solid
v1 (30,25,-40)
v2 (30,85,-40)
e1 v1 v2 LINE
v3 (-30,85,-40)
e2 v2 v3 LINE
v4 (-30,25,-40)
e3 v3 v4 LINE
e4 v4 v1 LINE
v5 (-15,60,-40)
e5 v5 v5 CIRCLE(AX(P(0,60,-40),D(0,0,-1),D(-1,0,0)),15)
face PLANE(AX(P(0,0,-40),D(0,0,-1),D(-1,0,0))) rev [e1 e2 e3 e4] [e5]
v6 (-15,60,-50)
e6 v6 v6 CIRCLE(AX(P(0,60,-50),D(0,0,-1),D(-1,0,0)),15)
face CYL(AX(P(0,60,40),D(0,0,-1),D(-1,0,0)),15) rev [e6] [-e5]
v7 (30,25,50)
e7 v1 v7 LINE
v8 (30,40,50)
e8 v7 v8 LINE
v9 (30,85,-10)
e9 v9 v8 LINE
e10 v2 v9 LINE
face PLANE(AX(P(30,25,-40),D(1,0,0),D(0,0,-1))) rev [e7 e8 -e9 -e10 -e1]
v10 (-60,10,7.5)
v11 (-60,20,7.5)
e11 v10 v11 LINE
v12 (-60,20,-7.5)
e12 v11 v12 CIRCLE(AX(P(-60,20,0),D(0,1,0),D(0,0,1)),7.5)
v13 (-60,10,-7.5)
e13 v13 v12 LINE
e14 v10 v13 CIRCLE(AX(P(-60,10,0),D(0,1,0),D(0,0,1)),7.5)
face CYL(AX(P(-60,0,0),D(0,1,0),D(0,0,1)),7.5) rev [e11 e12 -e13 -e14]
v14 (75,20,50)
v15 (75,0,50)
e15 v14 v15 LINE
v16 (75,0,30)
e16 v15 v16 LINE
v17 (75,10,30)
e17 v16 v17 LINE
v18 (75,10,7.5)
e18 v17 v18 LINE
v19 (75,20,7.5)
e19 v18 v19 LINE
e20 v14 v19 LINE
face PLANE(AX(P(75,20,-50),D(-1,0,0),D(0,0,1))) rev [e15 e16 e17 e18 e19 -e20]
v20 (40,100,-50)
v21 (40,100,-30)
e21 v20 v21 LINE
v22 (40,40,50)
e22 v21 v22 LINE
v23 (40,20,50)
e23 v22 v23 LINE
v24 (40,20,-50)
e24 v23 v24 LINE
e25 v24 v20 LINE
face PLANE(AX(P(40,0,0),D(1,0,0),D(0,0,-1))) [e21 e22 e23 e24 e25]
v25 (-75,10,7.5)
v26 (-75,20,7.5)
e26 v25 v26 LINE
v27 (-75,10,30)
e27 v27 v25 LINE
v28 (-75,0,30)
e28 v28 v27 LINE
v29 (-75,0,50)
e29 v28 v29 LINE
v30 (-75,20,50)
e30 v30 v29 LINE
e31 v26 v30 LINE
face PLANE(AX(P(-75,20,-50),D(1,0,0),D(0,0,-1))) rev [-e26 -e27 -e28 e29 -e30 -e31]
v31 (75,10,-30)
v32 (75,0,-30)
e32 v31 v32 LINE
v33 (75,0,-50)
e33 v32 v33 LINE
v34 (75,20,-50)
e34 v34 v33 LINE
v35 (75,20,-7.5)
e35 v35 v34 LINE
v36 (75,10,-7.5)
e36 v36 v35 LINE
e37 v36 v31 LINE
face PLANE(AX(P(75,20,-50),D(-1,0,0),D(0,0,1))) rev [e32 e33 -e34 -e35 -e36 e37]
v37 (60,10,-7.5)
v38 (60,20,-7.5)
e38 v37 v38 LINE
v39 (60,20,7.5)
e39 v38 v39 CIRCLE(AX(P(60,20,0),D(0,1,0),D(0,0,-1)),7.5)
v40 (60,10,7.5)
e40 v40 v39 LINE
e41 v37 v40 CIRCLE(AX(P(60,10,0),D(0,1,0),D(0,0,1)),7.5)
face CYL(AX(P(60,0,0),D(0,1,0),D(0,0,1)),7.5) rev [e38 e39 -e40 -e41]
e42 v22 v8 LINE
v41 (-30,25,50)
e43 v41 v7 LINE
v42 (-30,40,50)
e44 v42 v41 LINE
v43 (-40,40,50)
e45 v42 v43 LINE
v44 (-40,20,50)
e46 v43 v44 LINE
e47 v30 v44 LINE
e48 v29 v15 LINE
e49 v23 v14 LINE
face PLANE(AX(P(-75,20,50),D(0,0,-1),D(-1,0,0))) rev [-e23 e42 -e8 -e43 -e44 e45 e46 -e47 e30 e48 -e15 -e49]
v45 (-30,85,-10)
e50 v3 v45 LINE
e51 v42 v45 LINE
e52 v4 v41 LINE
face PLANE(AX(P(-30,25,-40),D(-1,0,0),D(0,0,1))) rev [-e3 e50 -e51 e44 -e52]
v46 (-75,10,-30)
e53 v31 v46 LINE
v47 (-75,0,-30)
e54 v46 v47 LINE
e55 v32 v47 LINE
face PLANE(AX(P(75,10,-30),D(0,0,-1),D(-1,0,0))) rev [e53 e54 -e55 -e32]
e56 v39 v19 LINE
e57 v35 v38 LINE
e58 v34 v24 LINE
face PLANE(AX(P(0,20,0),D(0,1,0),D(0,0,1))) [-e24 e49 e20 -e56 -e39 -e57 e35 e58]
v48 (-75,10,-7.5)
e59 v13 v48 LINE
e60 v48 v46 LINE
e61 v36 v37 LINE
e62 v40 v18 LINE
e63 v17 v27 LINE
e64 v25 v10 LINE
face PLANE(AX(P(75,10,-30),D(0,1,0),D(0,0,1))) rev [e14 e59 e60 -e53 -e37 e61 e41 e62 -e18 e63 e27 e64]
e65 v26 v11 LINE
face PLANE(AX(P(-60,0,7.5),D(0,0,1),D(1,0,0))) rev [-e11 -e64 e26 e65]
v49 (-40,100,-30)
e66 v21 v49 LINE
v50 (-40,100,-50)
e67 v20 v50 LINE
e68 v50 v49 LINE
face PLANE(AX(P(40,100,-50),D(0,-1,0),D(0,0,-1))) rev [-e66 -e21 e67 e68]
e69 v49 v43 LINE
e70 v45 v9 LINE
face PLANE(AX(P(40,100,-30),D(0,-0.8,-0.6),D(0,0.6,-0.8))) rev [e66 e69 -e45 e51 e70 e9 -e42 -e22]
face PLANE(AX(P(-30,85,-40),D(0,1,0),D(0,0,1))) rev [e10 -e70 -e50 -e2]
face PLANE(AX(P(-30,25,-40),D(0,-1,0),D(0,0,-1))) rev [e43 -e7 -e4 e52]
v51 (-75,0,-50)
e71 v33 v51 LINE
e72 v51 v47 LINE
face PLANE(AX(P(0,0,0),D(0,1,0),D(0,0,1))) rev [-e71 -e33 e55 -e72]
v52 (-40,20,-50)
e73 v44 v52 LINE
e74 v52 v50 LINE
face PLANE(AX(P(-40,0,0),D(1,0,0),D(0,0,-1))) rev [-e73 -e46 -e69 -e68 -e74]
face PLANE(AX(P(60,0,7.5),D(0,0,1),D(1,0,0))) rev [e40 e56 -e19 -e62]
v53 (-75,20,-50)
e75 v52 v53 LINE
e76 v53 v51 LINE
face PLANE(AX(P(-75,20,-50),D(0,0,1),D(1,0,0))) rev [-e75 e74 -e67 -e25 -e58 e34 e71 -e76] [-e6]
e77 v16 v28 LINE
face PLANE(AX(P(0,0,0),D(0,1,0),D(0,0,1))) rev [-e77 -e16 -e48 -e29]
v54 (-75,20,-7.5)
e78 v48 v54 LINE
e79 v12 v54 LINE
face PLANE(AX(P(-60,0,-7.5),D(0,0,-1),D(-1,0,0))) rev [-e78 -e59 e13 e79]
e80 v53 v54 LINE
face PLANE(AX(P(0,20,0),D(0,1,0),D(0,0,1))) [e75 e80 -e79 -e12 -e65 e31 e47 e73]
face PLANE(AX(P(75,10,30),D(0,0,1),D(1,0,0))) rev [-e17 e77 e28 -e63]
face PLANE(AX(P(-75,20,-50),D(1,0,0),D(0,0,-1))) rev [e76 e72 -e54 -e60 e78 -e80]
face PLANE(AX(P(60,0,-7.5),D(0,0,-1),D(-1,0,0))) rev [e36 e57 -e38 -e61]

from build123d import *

# Parameters (mm, degrees)
SKETCH1_W           = 150
SKETCH1_H           = 100
BOSS_EXTRUDE1_DEPTH = 20
SKETCH2_W           = 60
SKETCH2_H           = 10
CUT_EXTRUDE1_DEPTH  = 151
CUT_EXTRUDE2_DEPTH  = 20
BOSS_EXTRUDE3_DEPTH = 40
SKETCH10_W          = 60
SKETCH10_H          = 60
CUT_EXTRUDE3_DEPTH  = 90
SKETCH11_R          = 15
CUT_EXTRUDE4_DEPTH  = 90


with BuildPart() as part:
    # Sketch1 → Boss-Extrude1 (new body)
    with BuildSketch(Plane(origin=(0, 0, 0), x_dir=(1, 0, 0), z_dir=(0, 1, 0))):
        Rectangle(SKETCH1_W, SKETCH1_H)
    extrude(amount=BOSS_EXTRUDE1_DEPTH)

    # Sketch2 → Cut-Extrude1 (cut, through all)
    with BuildSketch(Plane.ZY.offset(75)):
        with Locations((0, 5)):
            Rectangle(SKETCH2_W, SKETCH2_H)
    extrude(amount=-CUT_EXTRUDE1_DEPTH, mode=Mode.SUBTRACT)

    # Sketch3 → Cut-Extrude2 (cut)
    with BuildSketch(Plane(origin=(0, 20, 0), x_dir=(1, 0, 0), z_dir=(0, 1, 0))):
        with BuildLine():
            Line((-75, 7.5), (-75, -7.5))
            Line((-75, -7.5), (-60, -7.5))
            ThreePointArc((-60, -7.5), (-52.5, 0), (-60, 7.5))
            Line((-60, 7.5), (-75, 7.5))
        make_face()
        with BuildLine():
            Line((75, 7.5), (75, -7.5))
            Line((75, -7.5), (60, -7.5))
            ThreePointArc((60, -7.5), (52.5, 0), (60, 7.5))
            Line((60, 7.5), (75, 7.5))
        make_face()
    extrude(amount=-CUT_EXTRUDE2_DEPTH, mode=Mode.SUBTRACT)

    # Sketch8 → Boss-Extrude3 (add, symmetric)
    with BuildSketch(Plane(origin=(0, 0, 0), x_dir=(0, 0, -1), z_dir=(1, 0, 0))):
        Polygon((50, 20), (50, 100), (30, 100), (-50, 40), (-50, 20), align=None)
    extrude(amount=BOSS_EXTRUDE3_DEPTH, both=True)

    # Sketch10 → Cut-Extrude3 (cut)
    with BuildSketch(Plane.XY.offset(50)):
        with Locations((0, 55)):
            Rectangle(SKETCH10_W, SKETCH10_H)
    extrude(amount=-CUT_EXTRUDE3_DEPTH, mode=Mode.SUBTRACT)

    # Sketch11 → Cut-Extrude4 (cut)
    with BuildSketch(Plane(origin=(0, 0, -50), x_dir=(-1, 0, 0), z_dir=(0, 0, -1))):
        with Locations((0, 60)):
            Circle(SKETCH11_R)
    extrude(amount=-CUT_EXTRUDE4_DEPTH, mode=Mode.SUBTRACT)


solid = part.part
